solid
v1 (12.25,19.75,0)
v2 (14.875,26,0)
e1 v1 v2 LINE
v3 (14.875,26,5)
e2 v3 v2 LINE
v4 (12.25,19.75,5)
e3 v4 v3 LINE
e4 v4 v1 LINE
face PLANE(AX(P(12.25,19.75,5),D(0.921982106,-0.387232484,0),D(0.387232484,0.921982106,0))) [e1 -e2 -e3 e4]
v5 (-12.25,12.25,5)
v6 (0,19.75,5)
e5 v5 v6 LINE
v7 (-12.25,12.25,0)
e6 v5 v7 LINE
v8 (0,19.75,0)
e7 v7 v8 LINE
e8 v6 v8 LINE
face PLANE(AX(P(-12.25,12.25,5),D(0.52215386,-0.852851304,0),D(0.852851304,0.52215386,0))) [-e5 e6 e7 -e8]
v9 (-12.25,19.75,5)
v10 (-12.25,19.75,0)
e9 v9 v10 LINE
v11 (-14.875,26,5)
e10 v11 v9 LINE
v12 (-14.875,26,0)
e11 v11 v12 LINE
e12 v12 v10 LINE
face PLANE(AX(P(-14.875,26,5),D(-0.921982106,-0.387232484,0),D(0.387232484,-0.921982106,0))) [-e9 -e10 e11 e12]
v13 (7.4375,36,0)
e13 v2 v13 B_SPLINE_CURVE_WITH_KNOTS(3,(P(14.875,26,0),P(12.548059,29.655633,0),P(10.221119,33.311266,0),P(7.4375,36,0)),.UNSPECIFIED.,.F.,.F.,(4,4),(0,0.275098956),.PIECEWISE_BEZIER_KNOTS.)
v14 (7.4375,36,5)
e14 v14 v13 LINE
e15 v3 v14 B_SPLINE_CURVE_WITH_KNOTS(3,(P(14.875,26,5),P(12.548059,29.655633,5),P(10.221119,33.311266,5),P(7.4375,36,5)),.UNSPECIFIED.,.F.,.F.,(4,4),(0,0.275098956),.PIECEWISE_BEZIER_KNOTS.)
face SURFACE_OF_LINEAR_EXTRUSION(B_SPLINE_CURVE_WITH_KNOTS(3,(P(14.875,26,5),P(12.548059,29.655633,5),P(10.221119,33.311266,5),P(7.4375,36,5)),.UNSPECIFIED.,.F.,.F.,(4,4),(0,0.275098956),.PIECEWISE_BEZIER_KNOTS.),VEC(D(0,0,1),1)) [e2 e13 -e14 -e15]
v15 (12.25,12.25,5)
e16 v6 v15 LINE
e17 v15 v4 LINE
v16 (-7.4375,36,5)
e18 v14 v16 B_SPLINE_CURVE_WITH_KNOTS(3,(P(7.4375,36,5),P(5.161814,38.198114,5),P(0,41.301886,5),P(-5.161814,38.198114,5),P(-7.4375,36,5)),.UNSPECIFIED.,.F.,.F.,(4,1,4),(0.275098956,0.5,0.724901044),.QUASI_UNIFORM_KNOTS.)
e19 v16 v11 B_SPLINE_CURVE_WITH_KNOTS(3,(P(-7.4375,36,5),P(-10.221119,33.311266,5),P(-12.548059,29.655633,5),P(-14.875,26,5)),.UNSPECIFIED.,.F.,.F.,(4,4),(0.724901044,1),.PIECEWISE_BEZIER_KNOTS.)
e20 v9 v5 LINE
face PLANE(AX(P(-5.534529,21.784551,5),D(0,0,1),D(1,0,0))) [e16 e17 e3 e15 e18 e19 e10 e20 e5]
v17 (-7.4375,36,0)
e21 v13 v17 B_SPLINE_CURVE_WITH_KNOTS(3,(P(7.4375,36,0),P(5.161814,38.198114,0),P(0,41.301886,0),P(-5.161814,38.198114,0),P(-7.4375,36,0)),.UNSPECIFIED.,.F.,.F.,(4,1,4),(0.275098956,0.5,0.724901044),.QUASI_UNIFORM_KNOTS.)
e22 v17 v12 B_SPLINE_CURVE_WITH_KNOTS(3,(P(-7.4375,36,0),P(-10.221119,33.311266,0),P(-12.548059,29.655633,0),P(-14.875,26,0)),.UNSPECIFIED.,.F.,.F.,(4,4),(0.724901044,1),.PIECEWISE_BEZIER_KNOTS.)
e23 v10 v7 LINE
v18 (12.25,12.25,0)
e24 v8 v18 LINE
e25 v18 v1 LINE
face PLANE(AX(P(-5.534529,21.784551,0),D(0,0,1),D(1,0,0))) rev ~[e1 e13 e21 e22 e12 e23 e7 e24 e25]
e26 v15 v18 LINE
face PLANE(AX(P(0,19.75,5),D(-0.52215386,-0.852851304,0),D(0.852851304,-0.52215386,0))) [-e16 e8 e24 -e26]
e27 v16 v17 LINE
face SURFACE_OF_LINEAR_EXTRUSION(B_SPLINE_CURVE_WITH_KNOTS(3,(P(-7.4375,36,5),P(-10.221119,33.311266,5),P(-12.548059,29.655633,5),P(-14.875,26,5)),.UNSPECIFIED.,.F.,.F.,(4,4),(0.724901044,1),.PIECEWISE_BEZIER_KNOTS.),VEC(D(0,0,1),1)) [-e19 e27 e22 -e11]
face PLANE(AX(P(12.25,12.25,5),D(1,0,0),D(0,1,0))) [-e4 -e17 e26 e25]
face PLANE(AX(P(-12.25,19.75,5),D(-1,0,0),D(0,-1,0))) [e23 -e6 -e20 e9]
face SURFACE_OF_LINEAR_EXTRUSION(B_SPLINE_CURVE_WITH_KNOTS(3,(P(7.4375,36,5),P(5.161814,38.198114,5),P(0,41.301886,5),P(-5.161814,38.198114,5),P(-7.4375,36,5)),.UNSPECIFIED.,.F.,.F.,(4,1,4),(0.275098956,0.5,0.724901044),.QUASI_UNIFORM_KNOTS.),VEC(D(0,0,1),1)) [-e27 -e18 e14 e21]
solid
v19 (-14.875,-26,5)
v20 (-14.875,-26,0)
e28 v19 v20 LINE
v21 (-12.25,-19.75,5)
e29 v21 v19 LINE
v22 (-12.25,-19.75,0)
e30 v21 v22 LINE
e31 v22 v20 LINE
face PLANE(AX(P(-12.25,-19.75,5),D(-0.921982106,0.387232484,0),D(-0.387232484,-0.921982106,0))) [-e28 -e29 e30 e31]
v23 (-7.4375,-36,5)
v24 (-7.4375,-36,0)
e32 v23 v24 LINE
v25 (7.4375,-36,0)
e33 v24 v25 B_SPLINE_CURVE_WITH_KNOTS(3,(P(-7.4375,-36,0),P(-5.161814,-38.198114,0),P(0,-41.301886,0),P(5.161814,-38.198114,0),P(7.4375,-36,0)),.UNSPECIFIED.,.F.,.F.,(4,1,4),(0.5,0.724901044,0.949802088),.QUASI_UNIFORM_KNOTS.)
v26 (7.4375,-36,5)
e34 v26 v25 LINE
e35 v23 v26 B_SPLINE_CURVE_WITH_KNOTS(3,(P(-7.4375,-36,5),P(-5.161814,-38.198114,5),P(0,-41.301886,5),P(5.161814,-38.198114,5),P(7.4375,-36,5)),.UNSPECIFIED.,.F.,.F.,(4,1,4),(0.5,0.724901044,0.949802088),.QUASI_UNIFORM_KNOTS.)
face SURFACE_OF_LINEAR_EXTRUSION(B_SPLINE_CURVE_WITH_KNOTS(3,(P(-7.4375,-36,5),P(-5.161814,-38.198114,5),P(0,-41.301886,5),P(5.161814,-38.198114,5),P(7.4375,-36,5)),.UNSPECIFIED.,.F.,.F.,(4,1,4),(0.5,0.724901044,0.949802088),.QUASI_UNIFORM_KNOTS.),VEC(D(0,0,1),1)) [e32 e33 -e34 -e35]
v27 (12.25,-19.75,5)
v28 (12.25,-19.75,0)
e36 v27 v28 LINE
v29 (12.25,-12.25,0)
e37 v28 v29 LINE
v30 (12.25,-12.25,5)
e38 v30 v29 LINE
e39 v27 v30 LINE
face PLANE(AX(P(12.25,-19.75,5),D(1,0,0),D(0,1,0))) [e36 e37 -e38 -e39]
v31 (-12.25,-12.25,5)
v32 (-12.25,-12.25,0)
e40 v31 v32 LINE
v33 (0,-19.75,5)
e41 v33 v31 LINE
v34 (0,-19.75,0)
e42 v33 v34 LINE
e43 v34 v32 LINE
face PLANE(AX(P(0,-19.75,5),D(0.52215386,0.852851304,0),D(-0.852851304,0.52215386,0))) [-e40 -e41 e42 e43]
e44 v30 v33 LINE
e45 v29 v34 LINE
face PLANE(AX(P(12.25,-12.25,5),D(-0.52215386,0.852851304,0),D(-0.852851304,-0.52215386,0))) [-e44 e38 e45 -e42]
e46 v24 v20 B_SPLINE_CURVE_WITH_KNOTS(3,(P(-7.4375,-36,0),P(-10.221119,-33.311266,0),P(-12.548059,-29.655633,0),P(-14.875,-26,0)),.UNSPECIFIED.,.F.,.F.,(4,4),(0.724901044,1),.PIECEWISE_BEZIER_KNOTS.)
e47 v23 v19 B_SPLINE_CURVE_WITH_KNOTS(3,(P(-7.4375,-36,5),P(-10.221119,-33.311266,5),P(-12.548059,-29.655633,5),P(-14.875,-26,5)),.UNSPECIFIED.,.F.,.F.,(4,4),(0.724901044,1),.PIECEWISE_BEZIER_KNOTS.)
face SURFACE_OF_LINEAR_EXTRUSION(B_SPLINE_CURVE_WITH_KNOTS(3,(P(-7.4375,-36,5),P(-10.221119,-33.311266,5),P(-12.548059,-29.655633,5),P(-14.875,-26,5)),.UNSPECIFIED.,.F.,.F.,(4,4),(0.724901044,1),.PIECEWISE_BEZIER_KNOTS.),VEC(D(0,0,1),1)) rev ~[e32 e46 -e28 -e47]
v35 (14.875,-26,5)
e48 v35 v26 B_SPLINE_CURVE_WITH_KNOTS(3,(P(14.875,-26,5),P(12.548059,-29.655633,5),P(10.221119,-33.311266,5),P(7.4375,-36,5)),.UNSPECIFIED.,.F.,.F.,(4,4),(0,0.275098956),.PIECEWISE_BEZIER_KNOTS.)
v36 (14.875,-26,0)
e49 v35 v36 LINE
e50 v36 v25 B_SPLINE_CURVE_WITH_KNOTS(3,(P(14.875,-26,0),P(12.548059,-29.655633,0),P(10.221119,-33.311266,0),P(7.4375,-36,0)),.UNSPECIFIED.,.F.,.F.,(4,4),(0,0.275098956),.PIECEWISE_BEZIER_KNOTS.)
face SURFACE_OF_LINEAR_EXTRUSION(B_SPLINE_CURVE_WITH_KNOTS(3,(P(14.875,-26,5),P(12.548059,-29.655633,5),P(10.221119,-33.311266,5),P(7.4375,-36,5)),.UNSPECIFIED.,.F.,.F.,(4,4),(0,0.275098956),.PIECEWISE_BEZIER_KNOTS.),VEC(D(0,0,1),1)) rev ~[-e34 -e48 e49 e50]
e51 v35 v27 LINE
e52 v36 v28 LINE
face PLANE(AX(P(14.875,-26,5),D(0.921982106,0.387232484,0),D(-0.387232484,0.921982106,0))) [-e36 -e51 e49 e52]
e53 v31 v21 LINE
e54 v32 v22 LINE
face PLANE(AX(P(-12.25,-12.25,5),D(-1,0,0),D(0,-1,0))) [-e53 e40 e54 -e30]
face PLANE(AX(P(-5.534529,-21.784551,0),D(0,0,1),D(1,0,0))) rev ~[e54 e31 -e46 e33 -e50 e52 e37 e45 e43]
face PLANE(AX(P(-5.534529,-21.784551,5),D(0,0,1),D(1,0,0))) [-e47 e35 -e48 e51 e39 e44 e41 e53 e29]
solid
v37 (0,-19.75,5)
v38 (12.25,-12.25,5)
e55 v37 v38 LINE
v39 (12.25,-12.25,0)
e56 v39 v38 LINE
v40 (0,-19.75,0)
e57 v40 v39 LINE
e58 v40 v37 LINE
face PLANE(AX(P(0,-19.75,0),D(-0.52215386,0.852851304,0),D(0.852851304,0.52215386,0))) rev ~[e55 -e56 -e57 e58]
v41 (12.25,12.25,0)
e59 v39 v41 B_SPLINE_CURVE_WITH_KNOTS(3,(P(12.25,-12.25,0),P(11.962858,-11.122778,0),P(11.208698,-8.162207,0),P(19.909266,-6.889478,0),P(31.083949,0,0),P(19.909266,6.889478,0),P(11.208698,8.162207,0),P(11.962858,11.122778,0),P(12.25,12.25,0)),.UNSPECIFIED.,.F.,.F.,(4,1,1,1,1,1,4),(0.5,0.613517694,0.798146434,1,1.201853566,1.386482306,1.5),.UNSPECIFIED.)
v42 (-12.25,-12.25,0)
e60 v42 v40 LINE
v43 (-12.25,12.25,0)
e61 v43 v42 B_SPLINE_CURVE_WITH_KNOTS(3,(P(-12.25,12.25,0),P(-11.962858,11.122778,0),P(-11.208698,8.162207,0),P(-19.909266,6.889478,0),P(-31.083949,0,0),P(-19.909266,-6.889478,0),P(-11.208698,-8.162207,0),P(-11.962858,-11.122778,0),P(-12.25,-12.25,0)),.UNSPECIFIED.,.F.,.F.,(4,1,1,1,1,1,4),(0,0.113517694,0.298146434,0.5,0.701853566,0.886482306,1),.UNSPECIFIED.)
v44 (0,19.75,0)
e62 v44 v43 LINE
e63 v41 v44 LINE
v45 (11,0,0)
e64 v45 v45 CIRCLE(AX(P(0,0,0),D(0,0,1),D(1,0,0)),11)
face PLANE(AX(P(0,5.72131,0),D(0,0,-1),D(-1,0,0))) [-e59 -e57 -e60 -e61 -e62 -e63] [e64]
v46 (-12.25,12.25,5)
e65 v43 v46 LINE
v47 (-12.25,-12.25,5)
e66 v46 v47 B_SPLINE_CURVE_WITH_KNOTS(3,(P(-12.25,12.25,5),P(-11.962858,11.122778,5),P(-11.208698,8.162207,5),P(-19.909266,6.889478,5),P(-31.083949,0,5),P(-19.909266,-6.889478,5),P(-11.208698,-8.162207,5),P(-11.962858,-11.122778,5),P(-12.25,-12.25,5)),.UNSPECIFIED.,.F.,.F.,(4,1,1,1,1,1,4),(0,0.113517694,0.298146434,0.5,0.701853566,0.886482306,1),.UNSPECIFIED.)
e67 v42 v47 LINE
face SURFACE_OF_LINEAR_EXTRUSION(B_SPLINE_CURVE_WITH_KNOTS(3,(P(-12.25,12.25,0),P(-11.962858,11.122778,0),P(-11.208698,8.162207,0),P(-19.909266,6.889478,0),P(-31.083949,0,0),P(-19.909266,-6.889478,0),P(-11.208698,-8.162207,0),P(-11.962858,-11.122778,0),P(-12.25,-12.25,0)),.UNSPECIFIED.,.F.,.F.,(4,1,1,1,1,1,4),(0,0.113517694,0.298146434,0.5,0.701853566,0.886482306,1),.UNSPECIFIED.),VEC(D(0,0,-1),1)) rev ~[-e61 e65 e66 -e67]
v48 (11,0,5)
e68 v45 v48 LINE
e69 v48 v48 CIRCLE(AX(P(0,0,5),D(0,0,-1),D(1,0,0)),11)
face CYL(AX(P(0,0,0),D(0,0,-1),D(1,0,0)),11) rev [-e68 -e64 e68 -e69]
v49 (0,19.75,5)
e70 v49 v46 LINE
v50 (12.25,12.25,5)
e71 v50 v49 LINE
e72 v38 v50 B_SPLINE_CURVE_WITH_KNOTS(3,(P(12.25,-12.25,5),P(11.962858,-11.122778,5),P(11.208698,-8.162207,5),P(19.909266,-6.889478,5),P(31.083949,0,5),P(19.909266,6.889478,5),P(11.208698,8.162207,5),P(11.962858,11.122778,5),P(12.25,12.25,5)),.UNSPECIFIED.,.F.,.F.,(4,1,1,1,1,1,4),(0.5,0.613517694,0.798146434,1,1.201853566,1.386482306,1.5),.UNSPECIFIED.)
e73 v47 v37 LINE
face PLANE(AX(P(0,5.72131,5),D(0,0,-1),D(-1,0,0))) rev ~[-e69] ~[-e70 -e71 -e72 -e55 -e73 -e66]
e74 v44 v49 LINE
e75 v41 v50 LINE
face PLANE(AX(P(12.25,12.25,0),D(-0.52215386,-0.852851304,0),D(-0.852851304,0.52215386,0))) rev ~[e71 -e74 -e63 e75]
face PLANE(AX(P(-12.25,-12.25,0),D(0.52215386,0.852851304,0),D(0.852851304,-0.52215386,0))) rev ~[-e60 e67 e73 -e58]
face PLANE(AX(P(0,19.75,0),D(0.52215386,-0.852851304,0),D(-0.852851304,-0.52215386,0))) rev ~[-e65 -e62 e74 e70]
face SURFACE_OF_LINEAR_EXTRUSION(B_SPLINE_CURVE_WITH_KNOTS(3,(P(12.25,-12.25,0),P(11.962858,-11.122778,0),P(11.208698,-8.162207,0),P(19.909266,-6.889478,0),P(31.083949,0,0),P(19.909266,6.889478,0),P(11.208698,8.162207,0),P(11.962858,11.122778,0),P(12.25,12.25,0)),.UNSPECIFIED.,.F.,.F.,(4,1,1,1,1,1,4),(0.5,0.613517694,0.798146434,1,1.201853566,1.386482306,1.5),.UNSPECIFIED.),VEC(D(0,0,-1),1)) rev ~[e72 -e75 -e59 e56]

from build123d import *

# Parameters (mm, degrees)
F2_DEPTH = 5
F0_R     = 11
F3_DEPTH = 25
F5_DEPTH = 5


with BuildPart() as f2:
    # F1 (on Top) → F2 (new body)
    with BuildSketch(Plane.XY):
        with BuildLine():
            Line((-12.25, 0), (0, 0))
            Line((0, 0), (12.25, 0))
            Line((12.25, 0), (19.75, 0))
            Line((19.75, 0), (27.25, 0))
            add(Edge.make_bspline(
                [(12.25, 12.25), (11.9628576121, 11.122778007), (11.2086978362, 8.1622068007), (19.9092662819, 6.8894781113), (27.25, 2.3637275782), (27.25, 0)],
                knots=[0, 0, 0, 0, 0.1135176944, 0.2981464339, 0.5, 0.5, 0.5, 0.5], degree=3))
            Line((12.25, 12.25), (0, 19.75))
            Line((0, 19.75), (-12.25, 12.25))
            add(Edge.make_bspline(
                [(-12.25, 12.25), (-11.9628576121, 11.122778007), (-11.2086978362, 8.1622068007), (-19.9092662819, 6.8894781113), (-27.25, 2.3637275782), (-27.25, 0)],
                knots=[0, 0, 0, 0, 0.1135176944, 0.2981464339, 0.5, 0.5, 0.5, 0.5], degree=3))
            Line((-27.25, 0), (-19.75, 0))
            Line((-19.75, 0), (-12.25, 0))
        make_face()
        with BuildLine():
            Line((12.25, 0), (0, 0))
            Line((0, 0), (-12.25, 0))
            Line((-12.25, 0), (-19.75, 0))
            Line((-19.75, 0), (-27.25, 0))
            add(Edge.make_bspline(
                [(-27.25, 0), (-27.25, -2.3637275782), (-19.9092662819, -6.8894781113), (-11.2086978362, -8.1622068007), (-11.9628576121, -11.122778007), (-12.25, -12.25)],
                knots=[0.5, 0.5, 0.5, 0.5, 0.7018535661, 0.8864823056, 1, 1, 1, 1], degree=3))
            Line((-12.25, -12.25), (0, -19.75))
            Line((0, -19.75), (12.25, -12.25))
            add(Edge.make_bspline(
                [(27.25, 0), (27.25, -2.3637275782), (19.9092662819, -6.8894781113), (11.2086978362, -8.1622068007), (11.9628576121, -11.122778007), (12.25, -12.25)],
                knots=[0.5, 0.5, 0.5, 0.5, 0.7018535661, 0.8864823056, 1, 1, 1, 1], degree=3))
            Line((27.25, 0), (19.75, 0))
            Line((19.75, 0), (12.25, 0))
        make_face()
    extrude(amount=F2_DEPTH)

    # F0 (on Top) → F3 (cut)
    with BuildSketch(Plane.XY):
        Circle(F0_R)
    extrude(amount=F3_DEPTH, mode=Mode.SUBTRACT)


with BuildPart() as f5:
    # F4 (on face) → F5 (new body)
    with BuildSketch(Plane.XY.offset(5)):
        Polygon((-12.25, 19.75), (-12.25, 12.25), (0, 19.75), (0, 32.25), (-6.125, 26), (-9.7279411765, 22.3235294118), align=None)
        Polygon((0, 32.25), (0, 19.75), (12.25, 12.25), (12.25, 19.75), (9.7279411765, 22.3235294118), (6.125, 26), align=None)
        Polygon((14.875, 26), (6.125, 26), (9.7279411765, 22.3235294118), align=None)
        Polygon((-14.875, 26), (-9.7279411765, 22.3235294118), (-6.125, 26), align=None)
        Polygon((9.7279411765, 22.3235294118), (12.25, 19.75), (14.875, 26), align=None)
        Polygon((-7.4375, 29.125), (-14.875, 26), (-6.125, 26), (0, 32.25), align=None)
        Polygon((7.4375, 29.125), (0, 32.25), (6.125, 26), (14.875, 26), align=None)
        Polygon((-14.875, 26), (-12.25, 19.75), (-9.7279411765, 22.3235294118), align=None)
        Polygon((-7.4375, 29.125), (0, 32.25), (0, 36), (-7.4375, 36), align=None)
        Polygon((0, 36), (0, 32.25), (7.4375, 29.125), (7.4375, 36), align=None)
        with BuildLine():
            Line((7.4375, 36), (7.4375, 29.125))
            Line((7.4375, 29.125), (14.875, 26))
            add(Edge.make_bspline(
                [(14.875, 26), (12.5480593381, 29.6556331865), (10.2211186762, 33.311266373), (7.4375, 36)],
                knots=[0, 0, 0, 0, 0.2750989561, 0.2750989561, 0.2750989561, 0.2750989561], degree=3))
        make_face()
        with BuildLine():
            add(Edge.make_bspline(
                [(-7.4375, 36), (-10.2211186762, 33.311266373), (-12.5480593381, 29.6556331865), (-14.875, 26)],
                knots=[0.7249010439, 0.7249010439, 0.7249010439, 0.7249010439, 1, 1, 1, 1], degree=3))
            Line((-14.875, 26), (-7.4375, 29.125))
            Line((-7.4375, 29.125), (-7.4375, 36))
        make_face()
        with BuildLine():
            add(Edge.make_bspline(
                [(0, 39.75), (-2.5809071759, 39.75), (-5.1618143518, 38.1981144828), (-7.4375, 36)],
                knots=[0.5, 0.5, 0.5, 0.5, 0.7249010439, 0.7249010439, 0.7249010439, 0.7249010439], degree=3))
            Line((-7.4375, 36), (0, 36))
            Line((0, 36), (0, 39.75))
        make_face()
        with BuildLine():
            Line((0, 39.75), (0, 36))
            Line((0, 36), (7.4375, 36))
            add(Edge.make_bspline(
                [(7.4375, 36), (5.1618143518, 38.1981144828), (2.5809071759, 39.75), (0, 39.75)],
                knots=[0.2750989561, 0.2750989561, 0.2750989561, 0.2750989561, 0.5, 0.5, 0.5, 0.5], degree=3))
        make_face()
    extrude(amount=-F5_DEPTH)


with BuildPart() as f5b:
    # F4 (on face) → F5, piece 2 (new body)
    with BuildSketch(Plane.XY.offset(5)):
        Polygon((0, -19.75), (-12.25, -12.25), (-12.25, -19.75), (-9.7279411765, -22.3235294118), (-6.125, -26), (0, -32.25), align=None)
        Polygon((12.25, -12.25), (0, -19.75), (0, -32.25), (6.125, -26), (9.7279411765, -22.3235294118), (12.25, -19.75), align=None)
        Polygon((9.7279411765, -22.3235294118), (6.125, -26), (14.875, -26), align=None)
        Polygon((-6.125, -26), (-9.7279411765, -22.3235294118), (-14.875, -26), align=None)
        Polygon((6.125, -26), (0, -32.25), (7.4375, -29.125), (14.875, -26), align=None)
        Polygon((-6.125, -26), (-14.875, -26), (-7.4375, -29.125), (0, -32.25), align=None)
        Polygon((-9.7279411765, -22.3235294118), (-12.25, -19.75), (-14.875, -26), align=None)
        Polygon((14.875, -26), (12.25, -19.75), (9.7279411765, -22.3235294118), align=None)
        with BuildLine():
            Line((0, -36), (-7.4375, -36))
            add(Edge.make_bspline(
                [(0, -39.75), (-2.5809071759, -39.75), (-5.1618143518, -38.1981144828), (-7.4375, -36)],
                knots=[0.5, 0.5, 0.5, 0.5, 0.7249010439, 0.7249010439, 0.7249010439, 0.7249010439], degree=3))
            Line((0, -39.75), (0, -36))
        make_face()
        with BuildLine():
            Line((7.4375, -36), (0, -36))
            Line((0, -36), (0, -39.75))
            add(Edge.make_bspline(
                [(7.4375, -36), (5.1618143518, -38.1981144828), (2.5809071759, -39.75), (0, -39.75)],
                knots=[0.2750989561, 0.2750989561, 0.2750989561, 0.2750989561, 0.5, 0.5, 0.5, 0.5], degree=3))
        make_face()
        with BuildLine():
            Line((14.875, -26), (7.4375, -29.125))
            Line((7.4375, -29.125), (7.4375, -32.25))
            Line((7.4375, -32.25), (7.4375, -36))
            add(Edge.make_bspline(
                [(14.875, -26), (12.5480593381, -29.6556331865), (10.2211186762, -33.311266373), (7.4375, -36)],
                knots=[0, 0, 0, 0, 0.2750989561, 0.2750989561, 0.2750989561, 0.2750989561], degree=3))
        make_face()
        with BuildLine():
            Line((-7.4375, -29.125), (-14.875, -26))
            add(Edge.make_bspline(
                [(-7.4375, -36), (-10.2211186762, -33.311266373), (-12.5480593381, -29.6556331865), (-14.875, -26)],
                knots=[0.7249010439, 0.7249010439, 0.7249010439, 0.7249010439, 1, 1, 1, 1], degree=3))
            Line((-7.4375, -36), (-7.4375, -32.25))
            Line((-7.4375, -32.25), (-7.4375, -29.125))
        make_face()
        Polygon((0, -36), (0, -32.25), (-7.4375, -29.125), (-7.4375, -32.25), (-7.4375, -36), align=None)
        Polygon((7.4375, -29.125), (0, -32.25), (0, -36), (7.4375, -36), (7.4375, -32.25), align=None)
    extrude(amount=-F5_DEPTH)


solid = Compound([f2.part, f5.part, f5b.part])
